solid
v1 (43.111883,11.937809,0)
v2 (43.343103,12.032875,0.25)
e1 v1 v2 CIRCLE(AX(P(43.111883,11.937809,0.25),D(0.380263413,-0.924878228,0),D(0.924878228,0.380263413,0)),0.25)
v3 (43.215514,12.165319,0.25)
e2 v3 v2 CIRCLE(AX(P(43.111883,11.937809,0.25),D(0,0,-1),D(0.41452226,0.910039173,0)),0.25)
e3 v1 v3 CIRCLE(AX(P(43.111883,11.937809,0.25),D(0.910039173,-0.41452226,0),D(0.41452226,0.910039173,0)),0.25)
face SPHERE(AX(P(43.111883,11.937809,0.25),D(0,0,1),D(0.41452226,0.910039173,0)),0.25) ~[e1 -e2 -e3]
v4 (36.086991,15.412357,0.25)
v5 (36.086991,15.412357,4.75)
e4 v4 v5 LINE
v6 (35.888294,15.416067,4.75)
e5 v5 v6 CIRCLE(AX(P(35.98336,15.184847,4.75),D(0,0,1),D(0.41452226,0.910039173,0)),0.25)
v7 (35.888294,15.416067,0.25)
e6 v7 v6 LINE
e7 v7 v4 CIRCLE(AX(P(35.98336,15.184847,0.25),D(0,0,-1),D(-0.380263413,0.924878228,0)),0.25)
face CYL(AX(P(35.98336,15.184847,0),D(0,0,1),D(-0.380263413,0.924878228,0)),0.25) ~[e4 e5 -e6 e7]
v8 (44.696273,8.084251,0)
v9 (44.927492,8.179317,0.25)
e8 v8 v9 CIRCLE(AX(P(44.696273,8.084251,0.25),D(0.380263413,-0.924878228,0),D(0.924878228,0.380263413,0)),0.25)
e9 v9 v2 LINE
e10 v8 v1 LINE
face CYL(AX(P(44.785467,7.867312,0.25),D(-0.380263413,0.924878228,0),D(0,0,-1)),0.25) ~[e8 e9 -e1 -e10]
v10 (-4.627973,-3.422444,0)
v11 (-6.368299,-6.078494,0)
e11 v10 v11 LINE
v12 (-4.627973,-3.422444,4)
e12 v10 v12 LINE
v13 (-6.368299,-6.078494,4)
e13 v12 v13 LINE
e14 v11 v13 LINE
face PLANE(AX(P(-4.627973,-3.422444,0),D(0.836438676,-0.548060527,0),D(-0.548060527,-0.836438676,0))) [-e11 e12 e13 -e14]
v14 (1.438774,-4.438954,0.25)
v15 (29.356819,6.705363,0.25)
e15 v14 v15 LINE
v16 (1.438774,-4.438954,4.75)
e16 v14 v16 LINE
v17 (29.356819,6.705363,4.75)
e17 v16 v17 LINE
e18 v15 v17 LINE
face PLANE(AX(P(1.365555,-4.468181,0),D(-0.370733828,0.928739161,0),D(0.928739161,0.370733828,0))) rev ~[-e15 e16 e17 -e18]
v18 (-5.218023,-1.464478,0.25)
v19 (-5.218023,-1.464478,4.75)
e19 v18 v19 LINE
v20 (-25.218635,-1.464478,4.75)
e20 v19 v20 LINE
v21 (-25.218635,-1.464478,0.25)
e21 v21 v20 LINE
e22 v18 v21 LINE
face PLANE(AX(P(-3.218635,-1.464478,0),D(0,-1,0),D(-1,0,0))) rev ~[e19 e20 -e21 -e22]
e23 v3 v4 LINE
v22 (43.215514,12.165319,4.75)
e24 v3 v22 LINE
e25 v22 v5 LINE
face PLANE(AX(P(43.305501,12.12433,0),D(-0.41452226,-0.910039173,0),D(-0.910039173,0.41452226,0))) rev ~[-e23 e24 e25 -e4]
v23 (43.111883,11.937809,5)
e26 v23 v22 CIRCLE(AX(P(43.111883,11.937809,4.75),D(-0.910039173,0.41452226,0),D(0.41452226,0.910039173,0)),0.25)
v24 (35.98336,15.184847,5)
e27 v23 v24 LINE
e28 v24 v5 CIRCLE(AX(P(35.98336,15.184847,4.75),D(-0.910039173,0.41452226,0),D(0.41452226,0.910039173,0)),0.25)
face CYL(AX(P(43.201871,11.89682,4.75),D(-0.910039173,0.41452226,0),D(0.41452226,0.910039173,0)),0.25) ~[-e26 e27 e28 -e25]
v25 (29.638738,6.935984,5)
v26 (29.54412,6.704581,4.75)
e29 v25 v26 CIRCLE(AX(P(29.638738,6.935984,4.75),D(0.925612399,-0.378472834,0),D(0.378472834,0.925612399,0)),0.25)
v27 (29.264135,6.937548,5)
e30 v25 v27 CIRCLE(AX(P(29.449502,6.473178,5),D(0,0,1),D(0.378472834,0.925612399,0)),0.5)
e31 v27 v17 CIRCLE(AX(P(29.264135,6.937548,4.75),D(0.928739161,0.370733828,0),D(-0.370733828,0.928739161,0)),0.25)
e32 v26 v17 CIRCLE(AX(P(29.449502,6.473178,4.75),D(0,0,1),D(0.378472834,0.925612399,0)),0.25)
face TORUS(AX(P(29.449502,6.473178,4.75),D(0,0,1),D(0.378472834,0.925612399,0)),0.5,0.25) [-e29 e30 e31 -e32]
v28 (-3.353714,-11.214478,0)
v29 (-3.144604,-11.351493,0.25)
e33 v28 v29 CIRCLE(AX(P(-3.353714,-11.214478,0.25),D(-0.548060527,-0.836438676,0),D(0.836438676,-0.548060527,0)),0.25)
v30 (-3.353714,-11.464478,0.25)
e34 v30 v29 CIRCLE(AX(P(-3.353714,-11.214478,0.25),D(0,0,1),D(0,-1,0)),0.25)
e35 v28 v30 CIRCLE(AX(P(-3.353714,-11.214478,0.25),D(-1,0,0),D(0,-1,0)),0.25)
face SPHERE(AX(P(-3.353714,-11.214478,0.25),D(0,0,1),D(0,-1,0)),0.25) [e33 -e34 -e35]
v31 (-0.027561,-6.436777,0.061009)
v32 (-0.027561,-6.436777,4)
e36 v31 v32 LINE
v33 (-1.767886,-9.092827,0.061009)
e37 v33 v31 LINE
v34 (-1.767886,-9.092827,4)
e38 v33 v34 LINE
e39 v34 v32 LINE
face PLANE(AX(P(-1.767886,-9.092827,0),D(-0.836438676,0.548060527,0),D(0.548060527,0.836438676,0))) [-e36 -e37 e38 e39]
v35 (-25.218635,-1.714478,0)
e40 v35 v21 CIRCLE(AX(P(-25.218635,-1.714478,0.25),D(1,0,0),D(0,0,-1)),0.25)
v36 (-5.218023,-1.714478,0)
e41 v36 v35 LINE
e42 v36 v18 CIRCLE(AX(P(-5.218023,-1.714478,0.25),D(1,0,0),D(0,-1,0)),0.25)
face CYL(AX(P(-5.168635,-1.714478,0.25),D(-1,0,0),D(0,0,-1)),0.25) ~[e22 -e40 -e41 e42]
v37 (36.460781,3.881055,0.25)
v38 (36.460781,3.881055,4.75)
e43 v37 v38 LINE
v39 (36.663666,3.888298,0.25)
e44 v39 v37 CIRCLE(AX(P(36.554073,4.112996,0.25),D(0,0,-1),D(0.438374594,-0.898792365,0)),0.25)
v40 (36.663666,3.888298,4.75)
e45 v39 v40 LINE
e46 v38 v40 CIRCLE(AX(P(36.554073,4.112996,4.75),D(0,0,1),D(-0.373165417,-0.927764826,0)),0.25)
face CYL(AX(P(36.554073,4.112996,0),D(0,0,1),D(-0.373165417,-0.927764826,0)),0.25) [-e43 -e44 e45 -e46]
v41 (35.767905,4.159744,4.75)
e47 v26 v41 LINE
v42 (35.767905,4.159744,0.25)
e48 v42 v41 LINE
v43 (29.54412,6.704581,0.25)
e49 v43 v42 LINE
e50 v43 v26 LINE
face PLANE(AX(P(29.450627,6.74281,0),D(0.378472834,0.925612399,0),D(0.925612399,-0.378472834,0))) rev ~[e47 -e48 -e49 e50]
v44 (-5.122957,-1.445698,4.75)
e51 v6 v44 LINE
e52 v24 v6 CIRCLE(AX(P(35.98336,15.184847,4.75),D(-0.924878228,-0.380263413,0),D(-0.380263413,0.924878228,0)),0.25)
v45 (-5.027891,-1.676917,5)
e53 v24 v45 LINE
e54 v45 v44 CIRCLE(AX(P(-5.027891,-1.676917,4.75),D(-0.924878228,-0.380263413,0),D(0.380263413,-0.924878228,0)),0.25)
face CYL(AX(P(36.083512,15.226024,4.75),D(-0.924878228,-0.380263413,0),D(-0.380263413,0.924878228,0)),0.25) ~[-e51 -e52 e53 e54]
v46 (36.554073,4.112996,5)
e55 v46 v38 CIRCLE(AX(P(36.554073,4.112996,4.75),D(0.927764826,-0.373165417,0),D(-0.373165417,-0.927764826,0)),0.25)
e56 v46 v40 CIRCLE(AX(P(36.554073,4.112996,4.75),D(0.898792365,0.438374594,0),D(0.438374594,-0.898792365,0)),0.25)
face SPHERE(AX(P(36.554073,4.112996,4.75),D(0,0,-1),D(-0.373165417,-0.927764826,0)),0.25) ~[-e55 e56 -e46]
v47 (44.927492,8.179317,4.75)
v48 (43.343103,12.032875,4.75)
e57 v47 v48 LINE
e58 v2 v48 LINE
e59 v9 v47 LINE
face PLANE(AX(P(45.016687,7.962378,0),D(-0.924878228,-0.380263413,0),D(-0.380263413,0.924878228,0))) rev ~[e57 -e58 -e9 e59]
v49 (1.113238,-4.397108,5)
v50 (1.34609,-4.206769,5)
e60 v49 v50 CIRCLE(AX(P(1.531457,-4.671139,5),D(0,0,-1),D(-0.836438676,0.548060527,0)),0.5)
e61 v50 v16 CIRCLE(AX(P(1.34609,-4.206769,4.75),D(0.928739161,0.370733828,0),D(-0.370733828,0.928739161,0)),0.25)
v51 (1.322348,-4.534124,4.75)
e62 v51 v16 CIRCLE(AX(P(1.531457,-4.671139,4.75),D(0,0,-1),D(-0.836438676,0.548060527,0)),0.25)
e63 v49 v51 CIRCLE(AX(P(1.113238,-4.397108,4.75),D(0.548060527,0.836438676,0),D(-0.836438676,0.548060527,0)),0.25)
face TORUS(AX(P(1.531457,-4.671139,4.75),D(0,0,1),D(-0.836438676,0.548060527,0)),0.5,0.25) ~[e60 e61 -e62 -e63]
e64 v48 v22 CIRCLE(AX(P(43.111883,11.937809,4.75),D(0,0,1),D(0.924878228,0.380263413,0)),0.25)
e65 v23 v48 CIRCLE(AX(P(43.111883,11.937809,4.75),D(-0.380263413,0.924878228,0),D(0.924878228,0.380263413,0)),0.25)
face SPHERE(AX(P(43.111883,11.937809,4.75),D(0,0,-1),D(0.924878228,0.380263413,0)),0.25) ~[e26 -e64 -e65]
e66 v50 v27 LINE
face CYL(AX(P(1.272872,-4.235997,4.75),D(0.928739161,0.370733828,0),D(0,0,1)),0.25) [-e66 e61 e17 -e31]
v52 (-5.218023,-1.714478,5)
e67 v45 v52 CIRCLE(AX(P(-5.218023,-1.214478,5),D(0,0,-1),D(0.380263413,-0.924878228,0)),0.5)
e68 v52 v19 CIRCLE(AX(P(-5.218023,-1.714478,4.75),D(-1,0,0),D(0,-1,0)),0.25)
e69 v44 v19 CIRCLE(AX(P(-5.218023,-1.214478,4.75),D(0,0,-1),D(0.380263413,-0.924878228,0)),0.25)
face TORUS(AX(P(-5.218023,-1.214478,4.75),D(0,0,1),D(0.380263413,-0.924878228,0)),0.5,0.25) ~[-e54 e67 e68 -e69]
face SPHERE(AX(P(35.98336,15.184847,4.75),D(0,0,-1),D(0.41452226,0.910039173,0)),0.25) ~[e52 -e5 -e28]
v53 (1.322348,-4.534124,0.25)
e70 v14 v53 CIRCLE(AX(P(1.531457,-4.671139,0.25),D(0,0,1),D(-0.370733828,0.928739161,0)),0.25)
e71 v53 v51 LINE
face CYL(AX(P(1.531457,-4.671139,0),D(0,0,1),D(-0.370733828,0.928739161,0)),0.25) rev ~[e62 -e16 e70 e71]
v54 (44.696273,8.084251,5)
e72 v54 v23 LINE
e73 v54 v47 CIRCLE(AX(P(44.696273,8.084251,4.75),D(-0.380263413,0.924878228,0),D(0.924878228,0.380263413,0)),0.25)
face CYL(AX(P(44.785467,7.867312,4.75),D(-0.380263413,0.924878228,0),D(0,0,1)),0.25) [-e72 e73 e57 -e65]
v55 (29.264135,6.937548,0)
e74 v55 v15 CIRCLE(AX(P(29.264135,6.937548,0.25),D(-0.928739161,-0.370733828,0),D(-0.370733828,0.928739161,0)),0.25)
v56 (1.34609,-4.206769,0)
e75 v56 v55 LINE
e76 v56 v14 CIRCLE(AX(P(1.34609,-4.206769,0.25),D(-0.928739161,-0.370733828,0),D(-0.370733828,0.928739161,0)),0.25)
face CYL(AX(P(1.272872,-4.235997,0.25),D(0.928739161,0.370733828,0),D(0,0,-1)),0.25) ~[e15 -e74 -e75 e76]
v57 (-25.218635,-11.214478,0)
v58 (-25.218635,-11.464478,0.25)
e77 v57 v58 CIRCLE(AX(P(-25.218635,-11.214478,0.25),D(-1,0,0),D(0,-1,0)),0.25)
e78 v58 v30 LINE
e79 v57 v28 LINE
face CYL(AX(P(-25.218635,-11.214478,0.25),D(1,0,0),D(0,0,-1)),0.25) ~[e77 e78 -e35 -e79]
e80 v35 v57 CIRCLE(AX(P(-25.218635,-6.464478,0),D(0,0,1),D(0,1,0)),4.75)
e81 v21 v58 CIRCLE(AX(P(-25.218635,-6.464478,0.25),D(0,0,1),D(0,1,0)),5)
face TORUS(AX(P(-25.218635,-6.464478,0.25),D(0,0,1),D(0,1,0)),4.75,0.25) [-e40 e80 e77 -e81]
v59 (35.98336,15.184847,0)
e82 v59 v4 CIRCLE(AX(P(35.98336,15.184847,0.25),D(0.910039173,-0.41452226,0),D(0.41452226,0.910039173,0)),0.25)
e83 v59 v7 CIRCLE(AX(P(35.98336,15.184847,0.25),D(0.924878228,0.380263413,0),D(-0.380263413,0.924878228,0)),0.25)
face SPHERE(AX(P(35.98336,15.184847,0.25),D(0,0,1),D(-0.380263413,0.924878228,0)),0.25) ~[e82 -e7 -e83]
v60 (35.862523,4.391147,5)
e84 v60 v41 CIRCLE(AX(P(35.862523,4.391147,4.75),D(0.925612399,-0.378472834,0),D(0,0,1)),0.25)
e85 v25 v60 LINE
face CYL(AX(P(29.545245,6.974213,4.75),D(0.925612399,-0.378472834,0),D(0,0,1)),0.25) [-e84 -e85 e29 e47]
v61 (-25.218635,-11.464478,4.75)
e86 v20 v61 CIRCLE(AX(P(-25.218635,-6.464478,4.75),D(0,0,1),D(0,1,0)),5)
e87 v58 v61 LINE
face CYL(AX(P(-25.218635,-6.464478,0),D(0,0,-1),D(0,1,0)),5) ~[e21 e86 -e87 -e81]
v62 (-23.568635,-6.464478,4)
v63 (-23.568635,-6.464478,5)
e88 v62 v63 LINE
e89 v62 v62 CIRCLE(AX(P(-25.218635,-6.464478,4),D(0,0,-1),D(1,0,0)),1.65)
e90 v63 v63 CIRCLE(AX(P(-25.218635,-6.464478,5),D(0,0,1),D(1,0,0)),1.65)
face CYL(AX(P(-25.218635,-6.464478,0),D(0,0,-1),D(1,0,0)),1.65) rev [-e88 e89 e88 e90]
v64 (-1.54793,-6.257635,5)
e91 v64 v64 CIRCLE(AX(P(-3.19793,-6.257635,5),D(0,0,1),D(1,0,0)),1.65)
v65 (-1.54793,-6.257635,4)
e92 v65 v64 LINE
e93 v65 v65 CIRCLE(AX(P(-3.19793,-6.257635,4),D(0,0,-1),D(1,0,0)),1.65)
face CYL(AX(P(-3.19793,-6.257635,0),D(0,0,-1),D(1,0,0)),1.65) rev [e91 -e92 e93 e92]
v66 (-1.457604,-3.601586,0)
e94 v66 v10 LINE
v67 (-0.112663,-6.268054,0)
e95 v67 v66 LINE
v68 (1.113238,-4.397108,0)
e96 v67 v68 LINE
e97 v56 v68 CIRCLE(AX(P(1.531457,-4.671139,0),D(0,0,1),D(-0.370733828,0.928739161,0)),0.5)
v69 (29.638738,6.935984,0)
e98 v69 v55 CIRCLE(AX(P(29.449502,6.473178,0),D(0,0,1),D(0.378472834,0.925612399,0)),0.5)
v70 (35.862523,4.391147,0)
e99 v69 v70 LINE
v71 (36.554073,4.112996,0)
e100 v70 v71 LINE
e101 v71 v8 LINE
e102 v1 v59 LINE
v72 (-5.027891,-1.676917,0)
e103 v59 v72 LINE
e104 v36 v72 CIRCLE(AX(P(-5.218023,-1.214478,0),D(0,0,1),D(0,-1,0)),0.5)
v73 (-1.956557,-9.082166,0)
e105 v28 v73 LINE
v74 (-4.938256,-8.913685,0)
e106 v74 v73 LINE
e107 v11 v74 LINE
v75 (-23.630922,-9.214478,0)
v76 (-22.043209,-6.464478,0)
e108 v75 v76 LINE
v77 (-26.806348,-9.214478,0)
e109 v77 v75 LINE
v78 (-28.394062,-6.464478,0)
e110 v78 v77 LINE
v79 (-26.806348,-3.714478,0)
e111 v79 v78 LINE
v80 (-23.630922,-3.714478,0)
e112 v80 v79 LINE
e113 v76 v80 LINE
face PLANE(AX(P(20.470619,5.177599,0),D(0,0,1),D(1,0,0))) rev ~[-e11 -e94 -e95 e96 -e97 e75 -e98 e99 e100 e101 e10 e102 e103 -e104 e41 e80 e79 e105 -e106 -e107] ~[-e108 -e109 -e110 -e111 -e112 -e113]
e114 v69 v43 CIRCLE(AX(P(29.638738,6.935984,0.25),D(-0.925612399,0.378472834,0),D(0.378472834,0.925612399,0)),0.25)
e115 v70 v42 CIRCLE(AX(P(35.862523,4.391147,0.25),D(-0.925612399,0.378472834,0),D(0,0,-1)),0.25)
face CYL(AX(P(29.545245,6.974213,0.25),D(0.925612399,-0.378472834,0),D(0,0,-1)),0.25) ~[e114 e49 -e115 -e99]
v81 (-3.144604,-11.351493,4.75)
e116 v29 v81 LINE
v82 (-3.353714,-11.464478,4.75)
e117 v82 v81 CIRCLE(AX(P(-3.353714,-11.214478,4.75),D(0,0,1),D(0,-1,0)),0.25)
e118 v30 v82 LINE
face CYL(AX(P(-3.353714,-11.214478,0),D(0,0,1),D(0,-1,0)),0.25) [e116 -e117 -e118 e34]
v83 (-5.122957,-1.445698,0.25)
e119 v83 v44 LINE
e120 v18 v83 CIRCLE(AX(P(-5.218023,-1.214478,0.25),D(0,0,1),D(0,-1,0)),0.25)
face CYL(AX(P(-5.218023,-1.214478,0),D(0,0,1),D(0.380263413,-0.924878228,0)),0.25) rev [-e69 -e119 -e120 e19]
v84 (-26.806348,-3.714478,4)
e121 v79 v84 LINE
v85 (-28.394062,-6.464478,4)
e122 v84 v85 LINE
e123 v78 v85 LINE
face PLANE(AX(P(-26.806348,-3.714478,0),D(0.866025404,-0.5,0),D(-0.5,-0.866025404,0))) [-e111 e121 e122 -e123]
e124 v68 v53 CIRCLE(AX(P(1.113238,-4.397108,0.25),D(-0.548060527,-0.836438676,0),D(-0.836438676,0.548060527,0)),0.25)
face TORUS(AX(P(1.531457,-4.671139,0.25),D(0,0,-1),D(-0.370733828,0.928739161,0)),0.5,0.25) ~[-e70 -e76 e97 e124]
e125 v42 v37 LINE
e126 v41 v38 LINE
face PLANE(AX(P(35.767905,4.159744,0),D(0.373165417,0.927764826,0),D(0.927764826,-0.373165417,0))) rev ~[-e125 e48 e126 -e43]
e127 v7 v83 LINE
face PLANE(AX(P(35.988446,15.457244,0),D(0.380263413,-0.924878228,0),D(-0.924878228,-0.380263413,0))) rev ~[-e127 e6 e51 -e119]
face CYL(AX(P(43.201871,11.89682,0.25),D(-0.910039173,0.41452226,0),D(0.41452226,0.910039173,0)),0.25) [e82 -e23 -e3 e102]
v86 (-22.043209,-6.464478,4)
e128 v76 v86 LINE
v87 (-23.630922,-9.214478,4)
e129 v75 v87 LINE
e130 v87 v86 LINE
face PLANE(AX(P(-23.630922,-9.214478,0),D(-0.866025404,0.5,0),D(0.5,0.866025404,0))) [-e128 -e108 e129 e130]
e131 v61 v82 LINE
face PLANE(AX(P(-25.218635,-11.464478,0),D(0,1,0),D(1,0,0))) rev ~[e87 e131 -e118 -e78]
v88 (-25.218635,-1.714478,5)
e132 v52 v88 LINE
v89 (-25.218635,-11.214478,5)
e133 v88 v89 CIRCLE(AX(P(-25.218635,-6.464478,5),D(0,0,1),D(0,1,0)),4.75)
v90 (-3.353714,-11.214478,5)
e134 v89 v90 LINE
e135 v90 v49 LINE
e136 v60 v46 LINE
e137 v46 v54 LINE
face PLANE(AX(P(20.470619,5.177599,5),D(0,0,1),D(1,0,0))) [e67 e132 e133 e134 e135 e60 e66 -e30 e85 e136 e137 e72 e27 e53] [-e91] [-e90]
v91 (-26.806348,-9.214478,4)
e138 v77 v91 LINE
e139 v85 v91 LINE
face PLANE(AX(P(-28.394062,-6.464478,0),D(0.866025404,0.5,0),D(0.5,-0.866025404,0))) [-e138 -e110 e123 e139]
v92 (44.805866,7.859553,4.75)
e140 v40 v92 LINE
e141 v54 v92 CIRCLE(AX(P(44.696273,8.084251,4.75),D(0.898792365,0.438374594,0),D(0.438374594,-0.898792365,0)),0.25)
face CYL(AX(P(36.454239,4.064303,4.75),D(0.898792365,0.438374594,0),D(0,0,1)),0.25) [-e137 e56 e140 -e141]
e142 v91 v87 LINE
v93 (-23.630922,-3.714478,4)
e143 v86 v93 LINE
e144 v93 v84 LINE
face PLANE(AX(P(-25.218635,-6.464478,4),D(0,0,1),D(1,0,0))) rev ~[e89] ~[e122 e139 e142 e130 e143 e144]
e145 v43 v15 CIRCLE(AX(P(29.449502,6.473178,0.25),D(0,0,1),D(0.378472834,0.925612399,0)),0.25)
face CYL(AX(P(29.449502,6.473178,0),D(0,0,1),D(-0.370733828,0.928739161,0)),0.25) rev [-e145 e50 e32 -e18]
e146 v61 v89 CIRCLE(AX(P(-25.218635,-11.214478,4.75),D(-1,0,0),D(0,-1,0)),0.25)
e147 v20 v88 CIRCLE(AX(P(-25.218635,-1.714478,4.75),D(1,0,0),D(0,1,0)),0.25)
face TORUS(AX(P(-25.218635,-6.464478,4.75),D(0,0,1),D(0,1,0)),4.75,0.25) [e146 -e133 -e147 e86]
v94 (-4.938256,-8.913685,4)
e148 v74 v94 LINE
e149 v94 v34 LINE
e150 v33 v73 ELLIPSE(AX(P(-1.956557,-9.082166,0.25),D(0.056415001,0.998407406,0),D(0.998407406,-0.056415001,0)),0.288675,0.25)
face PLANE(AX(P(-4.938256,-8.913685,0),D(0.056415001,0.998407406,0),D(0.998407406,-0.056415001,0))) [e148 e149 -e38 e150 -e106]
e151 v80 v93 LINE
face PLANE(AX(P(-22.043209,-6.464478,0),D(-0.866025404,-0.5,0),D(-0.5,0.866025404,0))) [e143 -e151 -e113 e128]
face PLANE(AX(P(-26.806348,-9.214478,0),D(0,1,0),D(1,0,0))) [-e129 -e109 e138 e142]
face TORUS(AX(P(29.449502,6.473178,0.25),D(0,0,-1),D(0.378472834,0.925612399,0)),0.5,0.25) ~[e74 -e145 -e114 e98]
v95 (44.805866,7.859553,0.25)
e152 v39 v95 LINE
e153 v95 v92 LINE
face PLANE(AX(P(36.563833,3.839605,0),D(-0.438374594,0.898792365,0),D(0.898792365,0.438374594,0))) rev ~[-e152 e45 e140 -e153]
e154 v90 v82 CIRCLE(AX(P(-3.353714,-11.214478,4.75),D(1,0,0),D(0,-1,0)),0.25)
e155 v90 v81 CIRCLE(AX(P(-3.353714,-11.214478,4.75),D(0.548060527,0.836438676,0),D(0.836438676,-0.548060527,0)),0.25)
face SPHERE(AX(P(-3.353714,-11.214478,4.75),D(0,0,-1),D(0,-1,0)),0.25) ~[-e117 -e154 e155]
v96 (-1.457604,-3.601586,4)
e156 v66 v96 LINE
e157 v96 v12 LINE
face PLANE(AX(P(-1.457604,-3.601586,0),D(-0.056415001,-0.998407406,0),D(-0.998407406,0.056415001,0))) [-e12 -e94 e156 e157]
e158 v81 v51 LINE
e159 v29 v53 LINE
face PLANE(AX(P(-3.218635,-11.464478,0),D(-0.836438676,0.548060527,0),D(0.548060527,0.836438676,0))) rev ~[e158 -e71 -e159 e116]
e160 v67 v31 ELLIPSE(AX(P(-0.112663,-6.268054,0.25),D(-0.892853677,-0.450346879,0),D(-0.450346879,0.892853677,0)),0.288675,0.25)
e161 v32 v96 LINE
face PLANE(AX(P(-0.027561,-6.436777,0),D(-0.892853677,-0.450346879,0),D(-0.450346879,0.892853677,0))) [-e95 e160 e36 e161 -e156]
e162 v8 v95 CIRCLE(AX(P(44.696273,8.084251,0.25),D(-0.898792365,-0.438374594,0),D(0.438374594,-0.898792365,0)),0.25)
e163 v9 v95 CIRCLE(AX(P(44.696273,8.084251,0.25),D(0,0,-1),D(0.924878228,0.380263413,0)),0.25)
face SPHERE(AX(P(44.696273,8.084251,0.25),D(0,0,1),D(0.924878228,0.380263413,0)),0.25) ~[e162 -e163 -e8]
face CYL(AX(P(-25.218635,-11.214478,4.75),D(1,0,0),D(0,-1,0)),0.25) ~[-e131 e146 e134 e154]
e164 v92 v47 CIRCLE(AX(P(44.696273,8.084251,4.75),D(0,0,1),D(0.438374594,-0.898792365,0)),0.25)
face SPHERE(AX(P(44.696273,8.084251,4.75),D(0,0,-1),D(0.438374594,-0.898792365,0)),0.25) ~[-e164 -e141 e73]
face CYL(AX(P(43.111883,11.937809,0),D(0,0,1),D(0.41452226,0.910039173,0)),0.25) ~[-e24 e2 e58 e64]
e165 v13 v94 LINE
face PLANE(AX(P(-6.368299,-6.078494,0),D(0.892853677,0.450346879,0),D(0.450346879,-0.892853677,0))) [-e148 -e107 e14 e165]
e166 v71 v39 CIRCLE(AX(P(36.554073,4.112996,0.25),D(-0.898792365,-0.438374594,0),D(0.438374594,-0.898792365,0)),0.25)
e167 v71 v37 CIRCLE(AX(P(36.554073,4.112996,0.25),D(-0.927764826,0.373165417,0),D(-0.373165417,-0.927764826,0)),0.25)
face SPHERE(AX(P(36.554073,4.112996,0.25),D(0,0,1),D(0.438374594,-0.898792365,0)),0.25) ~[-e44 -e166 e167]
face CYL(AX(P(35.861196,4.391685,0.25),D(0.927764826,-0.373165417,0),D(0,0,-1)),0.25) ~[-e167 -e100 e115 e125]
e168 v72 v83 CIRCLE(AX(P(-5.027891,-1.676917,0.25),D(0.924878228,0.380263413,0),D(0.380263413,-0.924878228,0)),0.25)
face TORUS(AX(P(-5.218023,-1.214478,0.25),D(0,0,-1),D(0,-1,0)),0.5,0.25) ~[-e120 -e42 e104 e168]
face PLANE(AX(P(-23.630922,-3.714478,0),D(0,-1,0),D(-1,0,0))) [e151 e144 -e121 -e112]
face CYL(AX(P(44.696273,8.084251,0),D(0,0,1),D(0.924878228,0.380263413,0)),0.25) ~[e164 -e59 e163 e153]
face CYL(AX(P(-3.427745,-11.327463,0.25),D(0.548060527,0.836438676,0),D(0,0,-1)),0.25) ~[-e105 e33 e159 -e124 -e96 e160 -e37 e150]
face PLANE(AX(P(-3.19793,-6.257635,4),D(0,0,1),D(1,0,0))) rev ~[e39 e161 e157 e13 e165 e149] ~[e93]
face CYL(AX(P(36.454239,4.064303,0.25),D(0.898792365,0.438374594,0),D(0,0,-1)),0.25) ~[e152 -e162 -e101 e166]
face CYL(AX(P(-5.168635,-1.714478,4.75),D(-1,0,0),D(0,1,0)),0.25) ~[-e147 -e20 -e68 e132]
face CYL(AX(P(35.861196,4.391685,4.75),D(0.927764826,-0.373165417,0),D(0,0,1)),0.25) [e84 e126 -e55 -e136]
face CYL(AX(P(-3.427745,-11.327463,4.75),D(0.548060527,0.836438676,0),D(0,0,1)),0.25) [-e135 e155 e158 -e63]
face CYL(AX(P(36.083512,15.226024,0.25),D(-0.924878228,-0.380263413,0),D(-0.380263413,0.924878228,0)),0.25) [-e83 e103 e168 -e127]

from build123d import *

# Parameters (mm, degrees)
SKETCH1_R           = 1.65
BOSS_EXTRUDE1_DEPTH = 5
FILLET2_R           = 0.25
CUT_EXTRUDE1_DEPTH  = 4


with BuildPart() as part:
    # Sketch1 → Boss-Extrude1 (new body)
    # profile 1 of 2: a face of its own
    with BuildSketch(Plane.XY):
        with BuildLine():
            Line((-5.168635154, -1.464478016), (-25.218635154, -1.464478016))
            ThreePointArc((-25.218635154, -1.464478016), (-30.218635154, -6.464478016), (-25.218635154, -11.464478016))
            Line((-25.218635154, -11.464478016), (-3.218635154, -11.464478016))
            Line((-3.218635154, -11.464478016), (1.36555506, -4.468181425))
            ThreePointArc((1.36555506, -4.468181425), (-0.47833252, -2.282284635), (-3.218635154, -1.464478016))
            Line((-3.218635154, -1.464478016), (-5.168635154, -1.464478016))
        make_face()
        with Locations((-25.218635154, -6.464478016)):
            Circle(SKETCH1_R, mode=Mode.SUBTRACT)
        with Locations((-3.197929879, -6.257635448)):
            Circle(SKETCH1_R, mode=Mode.SUBTRACT)
    # profile 2 of 2: a face of its own
    with BuildSketch(Plane.XY):
        with BuildLine():
            Line((35.988446, 15.45724385), (-5.168635154, -1.464478016))
            Line((-5.168635154, -1.464478016), (-3.218635154, -1.464478016))
            ThreePointArc((-3.218635154, -1.464478016), (-0.47833252, -2.282284635), (1.36555506, -4.468181425))
            Line((1.36555506, -4.468181425), (29.450627286, 6.742809526))
            Line((29.450627286, 6.742809526), (35.767904523, 4.15974363))
            Line((35.767904523, 4.15974363), (36.563833051, 3.839605387))
            Line((36.563833051, 3.839605387), (45.016686804, 7.962377757))
            Line((45.016686804, 7.962377757), (43.305501447, 12.124329784))
            Line((43.305501447, 12.124329784), (35.988446, 15.45724385))
        make_face()
    extrude(amount=BOSS_EXTRUDE1_DEPTH)

    # Fillet2
    fillet2_edges = [part.edges().sort_by_distance(p)[0] for p in [
        (-14.218635154, -11.464478016, 0),
        (-30.218635154, -6.464478016, 0),
        (-15.193635154, -1.464478016, 0),
        (15.409905423, 6.996382917, 0),
        (-0.926540047, -7.966329721, 5),
        (39.646973723, 13.790786817, 0),
        (44.161094126, 10.04335377, 0),
        (40.790259928, 5.900991572, 0),
        (36.165868787, 3.999674508, 0),
        (32.609265904, 5.451276578, 0),
        (15.408091173, 1.137314051, 0),
        (-0.926540047, -7.966329721, 0),
        (15.408091173, 1.137314051, 5),
        (-3.218635154, -11.464478016, 2.5),
        (-5.168635154, -1.464478016, 2.5),
        (35.988446, 15.45724385, 2.5),
        (43.305501447, 12.124329784, 2.5),
        (45.016686804, 7.962377757, 2.5),
        (36.563833051, 3.839605387, 2.5),
        (35.767904523, 4.15974363, 2.5),
        (29.450627286, 6.742809526, 2.5),
        (1.36555506, -4.468181425, 2.5),
        (32.609265904, 5.451276578, 5),
        (36.165868787, 3.999674508, 5),
        (40.790259928, 5.900991572, 5),
        (44.161094126, 10.04335377, 5),
        (39.646973723, 13.790786817, 5),
        (15.409905423, 6.996382917, 5),
        (-15.193635154, -1.464478016, 5),
        (-30.218635154, -6.464478016, 5),
        (-14.218635154, -11.464478016, 5),
    ]]
    fillet(fillet2_edges, radius=FILLET2_R)

    # Sketch2 → Cut-Extrude1 (cut)
    with BuildSketch(Plane.XY):
        Polygon((-23.630921913, -9.214478016), (-22.043208673, -6.464478016), (-23.630921913, -3.714478016), (-26.806348394, -3.714478016), (-28.394061634, -6.464478016), (-26.806348394, -9.214478016), align=None)
        Polygon((-0.027560565, -6.436777135), (-1.45760397, -3.601585926), (-4.627973284, -3.422444239), (-6.368299193, -6.078493761), (-4.938255788, -8.91368497), (-1.767886474, -9.092826657), align=None)
    extrude(amount=CUT_EXTRUDE1_DEPTH, mode=Mode.SUBTRACT)


solid = part.part
